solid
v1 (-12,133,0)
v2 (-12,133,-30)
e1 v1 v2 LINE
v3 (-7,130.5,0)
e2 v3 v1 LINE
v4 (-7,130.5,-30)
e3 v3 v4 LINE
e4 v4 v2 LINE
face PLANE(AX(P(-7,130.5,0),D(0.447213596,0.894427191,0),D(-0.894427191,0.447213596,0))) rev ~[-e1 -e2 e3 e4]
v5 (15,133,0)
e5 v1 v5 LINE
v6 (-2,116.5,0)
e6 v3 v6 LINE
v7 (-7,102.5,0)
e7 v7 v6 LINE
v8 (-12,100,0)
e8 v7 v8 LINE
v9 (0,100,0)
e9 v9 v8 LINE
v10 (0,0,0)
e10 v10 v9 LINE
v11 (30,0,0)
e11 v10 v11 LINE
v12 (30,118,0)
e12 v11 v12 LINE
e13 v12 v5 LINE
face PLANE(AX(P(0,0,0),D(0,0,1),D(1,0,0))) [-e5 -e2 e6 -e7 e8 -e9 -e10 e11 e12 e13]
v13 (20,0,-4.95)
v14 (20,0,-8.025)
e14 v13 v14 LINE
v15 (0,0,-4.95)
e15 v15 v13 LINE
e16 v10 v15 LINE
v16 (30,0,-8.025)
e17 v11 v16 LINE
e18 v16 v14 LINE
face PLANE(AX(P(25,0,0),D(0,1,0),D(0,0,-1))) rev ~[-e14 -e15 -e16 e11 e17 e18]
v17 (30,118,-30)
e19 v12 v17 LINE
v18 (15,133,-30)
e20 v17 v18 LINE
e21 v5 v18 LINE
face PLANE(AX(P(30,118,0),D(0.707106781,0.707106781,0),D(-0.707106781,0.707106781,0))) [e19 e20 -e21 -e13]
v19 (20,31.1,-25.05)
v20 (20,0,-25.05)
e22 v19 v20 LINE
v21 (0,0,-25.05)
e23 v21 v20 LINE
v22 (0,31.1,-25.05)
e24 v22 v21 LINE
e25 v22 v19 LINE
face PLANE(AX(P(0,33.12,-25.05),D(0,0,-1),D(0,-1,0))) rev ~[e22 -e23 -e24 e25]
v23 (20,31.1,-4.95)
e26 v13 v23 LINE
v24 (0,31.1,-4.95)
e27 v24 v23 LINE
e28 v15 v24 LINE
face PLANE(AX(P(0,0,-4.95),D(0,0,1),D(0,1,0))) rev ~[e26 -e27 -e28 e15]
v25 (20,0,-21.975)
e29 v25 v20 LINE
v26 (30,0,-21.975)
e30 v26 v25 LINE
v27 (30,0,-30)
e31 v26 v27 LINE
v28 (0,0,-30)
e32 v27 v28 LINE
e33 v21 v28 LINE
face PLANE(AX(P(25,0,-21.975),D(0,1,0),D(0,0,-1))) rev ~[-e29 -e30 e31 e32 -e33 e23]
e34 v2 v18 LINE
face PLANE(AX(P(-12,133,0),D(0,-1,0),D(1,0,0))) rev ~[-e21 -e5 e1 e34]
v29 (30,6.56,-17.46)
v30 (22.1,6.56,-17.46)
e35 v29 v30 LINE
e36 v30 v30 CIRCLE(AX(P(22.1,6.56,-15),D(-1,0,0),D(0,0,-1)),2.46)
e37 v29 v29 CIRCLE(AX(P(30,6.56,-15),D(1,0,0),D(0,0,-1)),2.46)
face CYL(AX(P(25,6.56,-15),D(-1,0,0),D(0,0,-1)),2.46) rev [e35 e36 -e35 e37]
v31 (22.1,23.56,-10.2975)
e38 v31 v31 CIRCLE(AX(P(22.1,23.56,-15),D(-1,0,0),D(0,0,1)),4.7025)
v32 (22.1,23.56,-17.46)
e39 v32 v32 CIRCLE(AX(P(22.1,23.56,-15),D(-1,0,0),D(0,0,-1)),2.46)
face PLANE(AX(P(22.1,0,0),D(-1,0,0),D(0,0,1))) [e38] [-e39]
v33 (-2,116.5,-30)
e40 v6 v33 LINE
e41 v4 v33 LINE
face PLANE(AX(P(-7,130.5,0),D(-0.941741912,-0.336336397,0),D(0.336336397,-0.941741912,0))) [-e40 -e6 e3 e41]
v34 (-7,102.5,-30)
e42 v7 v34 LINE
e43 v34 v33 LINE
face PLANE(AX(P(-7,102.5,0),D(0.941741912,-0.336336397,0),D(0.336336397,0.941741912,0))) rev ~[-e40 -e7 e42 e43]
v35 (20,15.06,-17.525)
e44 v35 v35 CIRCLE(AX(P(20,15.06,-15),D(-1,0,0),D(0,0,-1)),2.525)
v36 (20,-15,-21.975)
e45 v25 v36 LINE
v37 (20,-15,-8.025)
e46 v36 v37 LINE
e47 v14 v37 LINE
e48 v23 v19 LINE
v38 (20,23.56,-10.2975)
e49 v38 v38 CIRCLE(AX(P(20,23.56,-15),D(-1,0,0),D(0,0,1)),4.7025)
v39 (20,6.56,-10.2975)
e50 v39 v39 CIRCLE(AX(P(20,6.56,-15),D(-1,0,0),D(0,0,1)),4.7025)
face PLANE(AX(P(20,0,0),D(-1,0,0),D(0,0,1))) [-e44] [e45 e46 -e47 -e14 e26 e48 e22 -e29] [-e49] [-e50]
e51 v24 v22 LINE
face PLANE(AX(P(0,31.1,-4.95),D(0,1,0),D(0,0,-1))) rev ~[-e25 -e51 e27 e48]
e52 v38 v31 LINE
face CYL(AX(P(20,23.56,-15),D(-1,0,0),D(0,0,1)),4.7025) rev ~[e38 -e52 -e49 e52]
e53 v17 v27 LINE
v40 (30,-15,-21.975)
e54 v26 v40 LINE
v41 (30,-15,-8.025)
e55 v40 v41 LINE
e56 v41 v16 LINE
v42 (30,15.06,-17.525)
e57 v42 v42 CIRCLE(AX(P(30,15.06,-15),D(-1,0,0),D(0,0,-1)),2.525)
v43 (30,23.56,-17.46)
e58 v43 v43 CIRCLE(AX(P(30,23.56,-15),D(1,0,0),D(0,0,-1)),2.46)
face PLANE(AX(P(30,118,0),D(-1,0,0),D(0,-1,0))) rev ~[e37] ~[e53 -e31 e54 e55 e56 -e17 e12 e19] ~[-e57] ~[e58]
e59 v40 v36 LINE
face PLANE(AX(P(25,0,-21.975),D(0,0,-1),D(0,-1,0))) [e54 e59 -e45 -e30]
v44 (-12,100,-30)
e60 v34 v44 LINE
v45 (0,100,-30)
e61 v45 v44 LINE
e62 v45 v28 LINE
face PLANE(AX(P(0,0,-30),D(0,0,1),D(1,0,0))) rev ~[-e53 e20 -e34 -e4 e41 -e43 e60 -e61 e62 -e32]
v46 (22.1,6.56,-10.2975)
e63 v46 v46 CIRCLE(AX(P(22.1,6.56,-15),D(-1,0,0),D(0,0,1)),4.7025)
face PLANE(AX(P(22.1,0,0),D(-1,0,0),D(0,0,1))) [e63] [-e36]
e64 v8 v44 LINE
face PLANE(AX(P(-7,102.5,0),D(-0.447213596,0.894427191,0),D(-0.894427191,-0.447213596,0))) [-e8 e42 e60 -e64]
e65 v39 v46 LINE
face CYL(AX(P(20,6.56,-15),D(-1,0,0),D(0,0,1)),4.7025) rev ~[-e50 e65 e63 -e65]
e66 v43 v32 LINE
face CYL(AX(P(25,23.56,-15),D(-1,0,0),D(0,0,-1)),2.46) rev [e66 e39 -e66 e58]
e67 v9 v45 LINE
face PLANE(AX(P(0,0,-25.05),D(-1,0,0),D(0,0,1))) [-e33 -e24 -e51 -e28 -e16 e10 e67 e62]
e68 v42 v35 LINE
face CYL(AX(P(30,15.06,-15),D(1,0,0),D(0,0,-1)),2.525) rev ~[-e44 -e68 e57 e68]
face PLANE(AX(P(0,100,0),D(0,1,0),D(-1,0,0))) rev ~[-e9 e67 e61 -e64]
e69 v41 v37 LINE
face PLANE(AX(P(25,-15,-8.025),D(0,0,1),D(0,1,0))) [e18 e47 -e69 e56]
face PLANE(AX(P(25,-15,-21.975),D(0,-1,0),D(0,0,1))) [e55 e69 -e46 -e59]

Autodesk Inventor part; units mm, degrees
ref_plane "YZ Plane" through (0, 0, 0) normal (1, 0, 0) x (0, 1, 0)
ref_plane "XZ Plane" through (0, 0, 0) normal (0, 1, 0) x (-1, 0, 0)
ref_plane "XY Plane" through (0, 0, 0) normal (0, 0, 1) x (1, 0, 0)
sketch "Sketch1" plane through (0, 0, 0) normal (0, 0, 1) x (1, 0, 0)
  line L0 (0, 0) -> (25, 0)
  line L1 (25, 0) -> (25, 40)
  line L2 (25, 40) -> (0, 40)
  line L3 (0, 40) -> (0, 0)
  dimension "d1" = 25
  dimension "d2" = 40
  dimension "d3" = 25
extrude "Extrusion1" add sketch "Sketch1" against normal blind 30
sketch "Sketch2" plane through (25, 0, 0) normal (1, 0, 0) x (0, 0, -1)
  line L0 (0, 0) -> (30, 0) projected
  circle A0 centre (15, 6.56) radius 2.46
extrude "Extrusion2" cut sketch "Sketch2" against normal blind 30
sketch "Sketch3" plane through (0, 0, 0) normal (-1, 0, 0) x (0, 0, 1)
  line L0 (0, 0) -> (-30, 0) projected
  line L1 (-25.05, 0) -> (-4.95, 0)
  line L2 (-4.95, 0) -> (-4.95, 33.12)
  line L3 (-4.95, 33.12) -> (-25.05, 33.12)
  line L4 (-25.05, 33.12) -> (-25.05, 0)
  dimension "d11" = 20.1
extrude "Extrusion3" cut sketch "Sketch3" against normal blind 20
sketch "Sketch4" plane through (0, 0, 0) normal (0, -1, 0) x (1, 0, 0)
  line L0 (20, -4.95) -> (20, -25.05) projected
  line L1 (20, -15) -> (25, -15)
  line L2 (25, 0) -> (25, -30) projected
  line L3 (20, -8.025) -> (25, -8.025)
  line L4 (25, -8.025) -> (25, -21.975)
  line L5 (25, -21.975) -> (20, -21.975)
  line L6 (20, -21.975) -> (20, -8.025)
  line L7 (20, -8.025) -> (25, -21.975) construction
  line L8 (25, -8.025) -> (20, -21.975) construction
  line L9 (25, -12.54) -> (25, -17.46) projected
  point P0 (0, 0)
  point P1 (22.5, -15)
  dimension "d14" = 13.95
extrude "Extrusion4" add sketch "Sketch4" along normal blind 15
sketch "Sketch5" plane through (20, 0, 0) normal (-1, 0, 0) x (0, 0, 1)
  circle A0 centre (-15, 6.56) radius 2.46 projected
  circle A1 centre (-15, 6.56) radius 4.7025
  circle A2 centre (-15, 6.56) radius 2.46 projected
  circle A3 centre (-15, 6.56) radius 2.46
  point P0 (0, 0)
  dimension "d17" = 9.405
extrude "Extrusion5" cut sketch "Sketch5" against normal blind 2.1
sketch "Sketch6" plane through (25, 0, 0) normal (1, 0, 0) x (0, 0, -1)
  circle A0 centre (15, 6.56) radius 4.7025 projected
  line L0 (15, 6.56) -> (15, 23.56)
  circle A1 centre (15, 23.56) radius 2.46
  point P0 (0, 0)
  dimension "d20" = 17
  dimension "d21" = 4.92
extrude "Extrusion6" cut sketch "Sketch6" against normal blind 10 contours A1
sketch "Sketch7" plane through (20, 0, 0) normal (-1, 0, 0) x (0, 0, 1)
  circle A0 centre (-15, 23.56) radius 2.46 projected
  circle A1 centre (-15, 23.56) radius 4.7025
  point P0 (0, 0)
  dimension "d24" = 9.405
extrude "Extrusion7" cut sketch "Sketch7" against normal blind 2.1
sketch "Sketch9" plane through (25, 0, 0) normal (1, 0, 0) x (0, 0, -1)
  circle A0 centre (15, 6.56) radius 2.46 projected
  circle A1 centre (15, 6.56) radius 2.46
  circle A2 centre (15, 23.56) radius 2.46 projected
  circle A3 centre (15, 23.56) radius 2.46
  line L0 (30, 40) -> (30, 0) projected
  line L1 (30, 0) -> (30, 40)
  line L2 (30, 40) -> (0, 40)
  line L3 (0, 40) -> (0, 0)
  line L4 (0, 0) -> (8.025, 0) projected
  line L5 (21.975, 0) -> (21.975, -15)
  line L6 (21.975, -15) -> (8.025, -15)
  line L7 (8.025, -15) -> (8.025, 0)
  line L8 (0, 0) -> (8.025, 0)
  line L9 (21.975, 0) -> (30, 0)
extrude "Extrusion8" add sketch "Sketch9" along normal blind 5
sketch "Sketch10" plane through (0, 40, 0) normal (0, 1, 0) x (1, 0, 0)
  line L0 (0, 30) -> (30, 30) projected
  line L1 (30, 0) -> (0, 0) projected
  line L2 (0, 30) -> (30, 30)
  line L3 (30, 30) -> (30, 0)
  line L4 (30, 0) -> (0, 0)
  line L5 (0, 0) -> (0, 30)
extrude "Extrusion9" add sketch "Sketch10" along normal blind 30
sketch "Sketch12" plane through (30, 0, 0) normal (1, 0, 0) x (0, 0, -1)
  circle A0 centre (15, 6.56) radius 2.46 projected
  line L0 (15, 6.56) -> (15, 15.06)
  circle A1 centre (15, 15.06) radius 2.525
  point P0 (0, 0)
  dimension "d31" = 8.5
  dimension "d33" = 5.05
extrude "Extrusion10" cut sketch "Sketch12" against normal blind 30 contours A1
sketch "Sketch14" plane through (0, 0, 0) normal (0, 0, 1) x (1, 0, 0)
  line L0 (30, 70) -> (0, 70) projected
  line L1 (0, 70) -> (0, 85)
  line L2 (30, 0) -> (30, 70) projected
  line L3 (30, 118) -> (30, 70)
  line L4 (30, 105) -> (30, 100)
  line L5 (-12, 133) -> (15, 133)
  line L6 (-7, 130.5) -> (-12, 133)
  line L7 (-7, 130.5) -> (-2, 116.5)
  line L8 (-7, 102.5) -> (-12, 100)
  line L9 (-7, 102.5) -> (-2, 116.5)
  line L10 (30, 118) -> (15, 133)
  line L11 (0, 100) -> (-12, 100)
  line L12 (0, 100) -> (0, 85)
  point P0 (0, 0)
  dimension "d79" = 12
extrude "Extrusion12" add sketch "Sketch14" against normal blind 30
sketch "Sketch15" plane through (0, 0, -25.05) normal (-1, 0, 0) x (0, 0, 1)
  line L0 (0, 33.12) -> (20.1, 33.12) projected
  line L1 (20.1, 33.12) -> (20.1, 0) projected
  line L2 (0, 33.12) -> (20.1, 33.12)
  line L3 (20.1, 33.12) -> (20.1, 31.1)
  line L4 (20.1, 31.1) -> (0, 31.1)
  line L5 (0, 31.1) -> (0, 33.12)
  point P0 (25.05, 0)
  dimension "d57" = 2.02
extrude "Extrusion13" add sketch "Sketch15" against normal blind 20
properties part number "28mm_x_30mm"
